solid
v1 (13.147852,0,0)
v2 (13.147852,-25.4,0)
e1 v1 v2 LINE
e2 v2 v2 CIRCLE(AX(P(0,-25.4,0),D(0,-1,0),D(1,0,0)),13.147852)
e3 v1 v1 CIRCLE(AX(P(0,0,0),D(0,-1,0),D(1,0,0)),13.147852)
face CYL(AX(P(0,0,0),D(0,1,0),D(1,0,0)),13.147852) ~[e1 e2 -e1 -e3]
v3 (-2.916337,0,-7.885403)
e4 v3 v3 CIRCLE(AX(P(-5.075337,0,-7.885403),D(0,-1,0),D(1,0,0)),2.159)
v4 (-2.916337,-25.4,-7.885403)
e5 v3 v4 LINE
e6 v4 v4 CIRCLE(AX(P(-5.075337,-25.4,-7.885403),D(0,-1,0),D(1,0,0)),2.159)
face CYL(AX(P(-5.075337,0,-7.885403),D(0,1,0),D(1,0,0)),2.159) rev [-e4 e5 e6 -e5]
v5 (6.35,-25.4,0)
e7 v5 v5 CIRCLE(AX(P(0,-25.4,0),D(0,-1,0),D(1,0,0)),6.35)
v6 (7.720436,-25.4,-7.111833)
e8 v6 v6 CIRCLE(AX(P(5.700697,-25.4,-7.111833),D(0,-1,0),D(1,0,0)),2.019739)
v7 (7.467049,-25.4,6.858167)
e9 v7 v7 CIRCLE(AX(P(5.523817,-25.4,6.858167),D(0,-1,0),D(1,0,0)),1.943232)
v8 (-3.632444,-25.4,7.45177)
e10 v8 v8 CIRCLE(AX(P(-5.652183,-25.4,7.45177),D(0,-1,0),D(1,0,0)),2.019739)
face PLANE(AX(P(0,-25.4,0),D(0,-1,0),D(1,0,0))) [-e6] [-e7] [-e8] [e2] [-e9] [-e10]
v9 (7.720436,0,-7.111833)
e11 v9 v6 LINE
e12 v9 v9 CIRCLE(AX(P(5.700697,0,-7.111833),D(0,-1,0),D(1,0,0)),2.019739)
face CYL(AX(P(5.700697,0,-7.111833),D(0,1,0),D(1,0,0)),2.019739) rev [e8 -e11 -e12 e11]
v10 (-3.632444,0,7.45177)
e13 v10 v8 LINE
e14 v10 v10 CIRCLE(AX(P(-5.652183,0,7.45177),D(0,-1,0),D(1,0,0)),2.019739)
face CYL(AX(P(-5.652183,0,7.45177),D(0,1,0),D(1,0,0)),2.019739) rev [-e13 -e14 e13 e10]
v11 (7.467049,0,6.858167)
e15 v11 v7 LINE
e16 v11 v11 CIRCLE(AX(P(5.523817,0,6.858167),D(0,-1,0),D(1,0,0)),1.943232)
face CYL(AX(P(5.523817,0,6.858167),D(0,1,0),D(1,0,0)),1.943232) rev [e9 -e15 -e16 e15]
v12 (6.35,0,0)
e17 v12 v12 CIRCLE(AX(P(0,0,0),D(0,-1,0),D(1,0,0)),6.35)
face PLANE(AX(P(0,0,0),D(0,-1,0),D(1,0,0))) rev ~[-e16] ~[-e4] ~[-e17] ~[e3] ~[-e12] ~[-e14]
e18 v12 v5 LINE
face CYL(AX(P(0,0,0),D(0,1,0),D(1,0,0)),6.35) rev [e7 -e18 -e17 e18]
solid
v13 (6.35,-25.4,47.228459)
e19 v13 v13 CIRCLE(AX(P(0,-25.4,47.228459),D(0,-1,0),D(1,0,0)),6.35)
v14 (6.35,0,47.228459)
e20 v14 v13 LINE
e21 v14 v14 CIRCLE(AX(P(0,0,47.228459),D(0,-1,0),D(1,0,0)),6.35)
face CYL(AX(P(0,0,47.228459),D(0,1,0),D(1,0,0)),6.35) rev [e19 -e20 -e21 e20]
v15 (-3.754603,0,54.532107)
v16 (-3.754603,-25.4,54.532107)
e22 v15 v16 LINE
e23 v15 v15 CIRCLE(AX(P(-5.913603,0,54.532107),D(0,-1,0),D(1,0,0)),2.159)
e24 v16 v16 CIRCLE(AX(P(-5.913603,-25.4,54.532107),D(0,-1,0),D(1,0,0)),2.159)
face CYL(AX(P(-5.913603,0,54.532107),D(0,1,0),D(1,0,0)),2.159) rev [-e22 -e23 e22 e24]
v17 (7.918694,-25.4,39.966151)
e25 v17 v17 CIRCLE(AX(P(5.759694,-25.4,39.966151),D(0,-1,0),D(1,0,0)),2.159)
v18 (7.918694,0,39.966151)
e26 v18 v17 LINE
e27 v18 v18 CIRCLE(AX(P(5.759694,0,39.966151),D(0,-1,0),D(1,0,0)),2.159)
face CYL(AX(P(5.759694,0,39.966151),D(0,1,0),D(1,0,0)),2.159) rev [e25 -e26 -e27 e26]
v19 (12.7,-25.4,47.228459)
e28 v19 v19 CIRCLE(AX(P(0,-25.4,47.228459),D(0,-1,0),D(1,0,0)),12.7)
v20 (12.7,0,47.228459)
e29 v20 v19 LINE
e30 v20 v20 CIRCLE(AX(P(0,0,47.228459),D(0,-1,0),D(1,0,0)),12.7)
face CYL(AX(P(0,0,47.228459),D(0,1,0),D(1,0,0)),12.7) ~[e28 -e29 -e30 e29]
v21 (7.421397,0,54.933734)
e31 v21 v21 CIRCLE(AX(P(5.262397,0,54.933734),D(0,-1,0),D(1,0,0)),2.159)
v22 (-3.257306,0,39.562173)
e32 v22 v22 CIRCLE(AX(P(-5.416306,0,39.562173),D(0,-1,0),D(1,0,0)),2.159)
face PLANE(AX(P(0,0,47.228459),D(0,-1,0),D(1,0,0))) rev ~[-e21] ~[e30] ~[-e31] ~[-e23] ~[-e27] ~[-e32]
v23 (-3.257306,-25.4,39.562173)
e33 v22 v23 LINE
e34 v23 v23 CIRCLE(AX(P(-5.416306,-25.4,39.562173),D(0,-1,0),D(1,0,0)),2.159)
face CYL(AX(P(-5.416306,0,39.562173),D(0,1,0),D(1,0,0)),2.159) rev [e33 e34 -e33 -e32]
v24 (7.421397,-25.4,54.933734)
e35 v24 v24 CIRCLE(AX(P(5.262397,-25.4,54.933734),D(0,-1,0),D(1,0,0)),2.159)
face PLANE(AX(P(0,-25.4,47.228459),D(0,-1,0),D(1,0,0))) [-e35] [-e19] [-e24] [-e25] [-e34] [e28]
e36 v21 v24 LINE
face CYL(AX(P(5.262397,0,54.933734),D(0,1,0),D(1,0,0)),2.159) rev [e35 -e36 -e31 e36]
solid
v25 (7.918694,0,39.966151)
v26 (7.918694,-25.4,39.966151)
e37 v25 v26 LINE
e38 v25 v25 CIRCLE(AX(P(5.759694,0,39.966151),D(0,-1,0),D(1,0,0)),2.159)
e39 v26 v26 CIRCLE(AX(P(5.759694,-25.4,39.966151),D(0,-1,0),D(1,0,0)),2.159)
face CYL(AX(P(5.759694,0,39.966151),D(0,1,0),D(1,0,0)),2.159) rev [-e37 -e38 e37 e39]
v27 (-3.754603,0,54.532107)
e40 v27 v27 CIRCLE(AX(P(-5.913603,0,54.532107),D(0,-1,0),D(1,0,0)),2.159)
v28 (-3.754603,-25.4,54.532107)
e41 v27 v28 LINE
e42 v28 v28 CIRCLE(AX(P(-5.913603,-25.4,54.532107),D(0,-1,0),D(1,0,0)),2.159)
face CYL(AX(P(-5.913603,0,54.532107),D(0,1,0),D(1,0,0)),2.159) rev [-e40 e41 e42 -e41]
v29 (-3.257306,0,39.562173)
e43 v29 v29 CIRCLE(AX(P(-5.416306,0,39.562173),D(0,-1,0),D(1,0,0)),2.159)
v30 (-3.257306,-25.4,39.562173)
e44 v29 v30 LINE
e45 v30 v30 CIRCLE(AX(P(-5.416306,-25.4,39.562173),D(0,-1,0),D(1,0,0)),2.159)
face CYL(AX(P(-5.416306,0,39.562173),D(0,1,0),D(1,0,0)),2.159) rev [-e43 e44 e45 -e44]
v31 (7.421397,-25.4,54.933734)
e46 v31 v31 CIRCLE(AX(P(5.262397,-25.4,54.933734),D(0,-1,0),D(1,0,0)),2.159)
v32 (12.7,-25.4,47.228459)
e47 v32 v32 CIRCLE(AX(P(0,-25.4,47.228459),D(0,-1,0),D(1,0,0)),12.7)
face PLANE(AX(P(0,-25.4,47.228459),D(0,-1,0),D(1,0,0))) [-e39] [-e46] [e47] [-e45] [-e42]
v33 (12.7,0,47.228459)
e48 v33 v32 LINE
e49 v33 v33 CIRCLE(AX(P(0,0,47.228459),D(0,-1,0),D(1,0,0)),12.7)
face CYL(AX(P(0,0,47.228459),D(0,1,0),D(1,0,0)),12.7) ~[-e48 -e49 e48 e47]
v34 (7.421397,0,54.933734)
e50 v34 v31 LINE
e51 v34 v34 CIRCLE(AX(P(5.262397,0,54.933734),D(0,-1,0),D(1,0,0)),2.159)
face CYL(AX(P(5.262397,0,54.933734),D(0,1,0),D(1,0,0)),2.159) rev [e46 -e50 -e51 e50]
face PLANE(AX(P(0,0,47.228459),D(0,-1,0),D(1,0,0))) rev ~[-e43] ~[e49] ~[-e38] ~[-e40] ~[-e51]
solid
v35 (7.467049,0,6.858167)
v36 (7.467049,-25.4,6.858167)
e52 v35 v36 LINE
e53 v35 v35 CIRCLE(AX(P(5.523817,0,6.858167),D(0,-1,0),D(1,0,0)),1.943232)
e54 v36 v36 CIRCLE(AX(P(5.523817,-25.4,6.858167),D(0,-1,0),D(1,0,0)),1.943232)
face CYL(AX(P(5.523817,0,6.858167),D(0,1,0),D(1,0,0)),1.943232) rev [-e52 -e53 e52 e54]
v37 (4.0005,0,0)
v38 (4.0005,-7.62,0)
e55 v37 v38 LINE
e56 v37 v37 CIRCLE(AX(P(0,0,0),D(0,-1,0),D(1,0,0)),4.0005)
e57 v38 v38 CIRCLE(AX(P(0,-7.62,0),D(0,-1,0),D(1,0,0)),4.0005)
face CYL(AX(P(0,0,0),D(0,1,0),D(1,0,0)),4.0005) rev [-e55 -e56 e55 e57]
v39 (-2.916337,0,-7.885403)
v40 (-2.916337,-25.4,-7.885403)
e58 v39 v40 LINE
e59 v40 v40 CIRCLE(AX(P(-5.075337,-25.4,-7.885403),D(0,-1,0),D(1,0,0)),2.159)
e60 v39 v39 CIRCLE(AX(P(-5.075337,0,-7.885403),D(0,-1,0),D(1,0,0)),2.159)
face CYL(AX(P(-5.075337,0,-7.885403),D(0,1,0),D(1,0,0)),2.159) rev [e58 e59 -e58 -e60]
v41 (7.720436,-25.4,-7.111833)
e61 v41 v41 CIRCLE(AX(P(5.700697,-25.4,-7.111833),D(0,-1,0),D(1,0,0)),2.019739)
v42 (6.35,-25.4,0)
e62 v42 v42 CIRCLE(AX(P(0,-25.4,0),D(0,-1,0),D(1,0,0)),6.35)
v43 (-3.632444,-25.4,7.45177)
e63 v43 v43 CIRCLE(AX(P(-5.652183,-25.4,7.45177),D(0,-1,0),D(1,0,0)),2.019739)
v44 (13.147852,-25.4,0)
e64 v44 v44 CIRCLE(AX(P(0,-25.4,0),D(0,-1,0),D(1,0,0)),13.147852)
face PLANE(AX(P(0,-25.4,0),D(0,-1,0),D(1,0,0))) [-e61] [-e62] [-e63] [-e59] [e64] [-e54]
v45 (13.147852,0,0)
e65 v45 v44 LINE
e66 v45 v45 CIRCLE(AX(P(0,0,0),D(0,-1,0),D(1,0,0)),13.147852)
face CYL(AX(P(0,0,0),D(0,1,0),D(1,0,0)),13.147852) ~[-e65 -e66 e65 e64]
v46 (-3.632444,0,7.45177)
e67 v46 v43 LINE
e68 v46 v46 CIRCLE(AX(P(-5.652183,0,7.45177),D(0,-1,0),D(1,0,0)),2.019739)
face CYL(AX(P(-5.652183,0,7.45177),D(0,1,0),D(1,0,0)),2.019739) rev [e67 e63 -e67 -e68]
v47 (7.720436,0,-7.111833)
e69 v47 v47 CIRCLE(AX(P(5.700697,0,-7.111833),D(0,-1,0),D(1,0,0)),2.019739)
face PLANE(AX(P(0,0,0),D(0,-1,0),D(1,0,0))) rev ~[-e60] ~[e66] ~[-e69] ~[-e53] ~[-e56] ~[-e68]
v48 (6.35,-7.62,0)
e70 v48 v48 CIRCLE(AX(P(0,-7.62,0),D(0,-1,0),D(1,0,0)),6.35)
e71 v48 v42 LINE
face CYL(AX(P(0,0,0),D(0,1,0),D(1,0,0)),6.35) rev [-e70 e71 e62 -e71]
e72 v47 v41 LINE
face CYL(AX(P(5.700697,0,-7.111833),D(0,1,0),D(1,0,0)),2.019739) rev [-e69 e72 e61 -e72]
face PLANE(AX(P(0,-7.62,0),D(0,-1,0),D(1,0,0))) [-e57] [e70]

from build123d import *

# Parameters (mm, degrees)
F0_R     = 6.35
F0_R_2   = 4.0005
F1_DEPTH = 7.62
F0_R_3   = 13.147852
F0_R_4   = 2.159
F0_R_5   = 2.019739
F0_R_6   = 1.943232
F2_DEPTH = 25.4
F0_R_7   = 12.7
F3_DEPTH = 25.4
F4_DEPTH = 25.4


with BuildPart() as f1:
    # F0 (on Front) → F1 (new body)
    with BuildSketch(Plane.XZ):
        Circle(F0_R)
        Circle(F0_R_2, mode=Mode.SUBTRACT)
    extrude(amount=F1_DEPTH)

    # F0 (on Front) → F2 (join)
    with BuildSketch(Plane.XZ):
        Circle(F0_R_3)
        with Locations((-5.075337, -7.885403)):
            Circle(F0_R_4, mode=Mode.SUBTRACT)
        with Locations((-5.652183, 7.45177)):
            Circle(F0_R_5, mode=Mode.SUBTRACT)
        with Locations((5.700697, -7.111833)):
            Circle(F0_R_5, mode=Mode.SUBTRACT)
        Circle(F0_R, mode=Mode.SUBTRACT)
        with Locations((5.523817, 6.858167)):
            Circle(F0_R_6, mode=Mode.SUBTRACT)
    extrude(amount=F2_DEPTH)

    # F0 (on Front) → F3 (join)
    with BuildSketch(Plane.XZ):
        Circle(F0_R_3)
        with Locations((-5.075337, -7.885403)):
            Circle(F0_R_4, mode=Mode.SUBTRACT)
        with Locations((-5.652183, 7.45177)):
            Circle(F0_R_5, mode=Mode.SUBTRACT)
        with Locations((5.700697, -7.111833)):
            Circle(F0_R_5, mode=Mode.SUBTRACT)
        Circle(F0_R, mode=Mode.SUBTRACT)
        with Locations((5.523817, 6.858167)):
            Circle(F0_R_6, mode=Mode.SUBTRACT)
        with Locations((0, 47.228459)):
            Circle(F0_R_7)
        with Locations((-5.416306, 39.562173)):
            Circle(F0_R_4, mode=Mode.SUBTRACT)
        with Locations((-5.913603, 54.532107)):
            Circle(F0_R_4, mode=Mode.SUBTRACT)
        with Locations((5.759694, 39.966151)):
            Circle(F0_R_4, mode=Mode.SUBTRACT)
        with Locations((0, 47.228459)):
            Circle(F0_R, mode=Mode.SUBTRACT)
        with Locations((5.262397, 54.933734)):
            Circle(F0_R_4, mode=Mode.SUBTRACT)
    extrude(amount=F3_DEPTH)


with BuildPart() as f4:
    # F0 (on Front) → F4 (new body)
    with BuildSketch(Plane.XZ):
        Circle(F0_R_3)
        with Locations((-5.075337, -7.885403)):
            Circle(F0_R_4, mode=Mode.SUBTRACT)
        with Locations((-5.652183, 7.45177)):
            Circle(F0_R_5, mode=Mode.SUBTRACT)
        with Locations((5.700697, -7.111833)):
            Circle(F0_R_5, mode=Mode.SUBTRACT)
        Circle(F0_R, mode=Mode.SUBTRACT)
        with Locations((5.523817, 6.858167)):
            Circle(F0_R_6, mode=Mode.SUBTRACT)
        with Locations((0, 47.228459)):
            Circle(F0_R_7)
        with Locations((-5.416306, 39.562173)):
            Circle(F0_R_4, mode=Mode.SUBTRACT)
        with Locations((-5.913603, 54.532107)):
            Circle(F0_R_4, mode=Mode.SUBTRACT)
        with Locations((5.759694, 39.966151)):
            Circle(F0_R_4, mode=Mode.SUBTRACT)
        with Locations((0, 47.228459)):
            Circle(F0_R, mode=Mode.SUBTRACT)
        with Locations((5.262397, 54.933734)):
            Circle(F0_R_4, mode=Mode.SUBTRACT)
        with Locations((0, 47.228459)):
            Circle(F0_R)
        with Locations((0, 47.228459)):
            Circle(F0_R_2, mode=Mode.SUBTRACT)
        with Locations((0, 47.228459)):
            Circle(F0_R_2)
    extrude(amount=F4_DEPTH)


solid = Compound([f1.part, f4.part])
